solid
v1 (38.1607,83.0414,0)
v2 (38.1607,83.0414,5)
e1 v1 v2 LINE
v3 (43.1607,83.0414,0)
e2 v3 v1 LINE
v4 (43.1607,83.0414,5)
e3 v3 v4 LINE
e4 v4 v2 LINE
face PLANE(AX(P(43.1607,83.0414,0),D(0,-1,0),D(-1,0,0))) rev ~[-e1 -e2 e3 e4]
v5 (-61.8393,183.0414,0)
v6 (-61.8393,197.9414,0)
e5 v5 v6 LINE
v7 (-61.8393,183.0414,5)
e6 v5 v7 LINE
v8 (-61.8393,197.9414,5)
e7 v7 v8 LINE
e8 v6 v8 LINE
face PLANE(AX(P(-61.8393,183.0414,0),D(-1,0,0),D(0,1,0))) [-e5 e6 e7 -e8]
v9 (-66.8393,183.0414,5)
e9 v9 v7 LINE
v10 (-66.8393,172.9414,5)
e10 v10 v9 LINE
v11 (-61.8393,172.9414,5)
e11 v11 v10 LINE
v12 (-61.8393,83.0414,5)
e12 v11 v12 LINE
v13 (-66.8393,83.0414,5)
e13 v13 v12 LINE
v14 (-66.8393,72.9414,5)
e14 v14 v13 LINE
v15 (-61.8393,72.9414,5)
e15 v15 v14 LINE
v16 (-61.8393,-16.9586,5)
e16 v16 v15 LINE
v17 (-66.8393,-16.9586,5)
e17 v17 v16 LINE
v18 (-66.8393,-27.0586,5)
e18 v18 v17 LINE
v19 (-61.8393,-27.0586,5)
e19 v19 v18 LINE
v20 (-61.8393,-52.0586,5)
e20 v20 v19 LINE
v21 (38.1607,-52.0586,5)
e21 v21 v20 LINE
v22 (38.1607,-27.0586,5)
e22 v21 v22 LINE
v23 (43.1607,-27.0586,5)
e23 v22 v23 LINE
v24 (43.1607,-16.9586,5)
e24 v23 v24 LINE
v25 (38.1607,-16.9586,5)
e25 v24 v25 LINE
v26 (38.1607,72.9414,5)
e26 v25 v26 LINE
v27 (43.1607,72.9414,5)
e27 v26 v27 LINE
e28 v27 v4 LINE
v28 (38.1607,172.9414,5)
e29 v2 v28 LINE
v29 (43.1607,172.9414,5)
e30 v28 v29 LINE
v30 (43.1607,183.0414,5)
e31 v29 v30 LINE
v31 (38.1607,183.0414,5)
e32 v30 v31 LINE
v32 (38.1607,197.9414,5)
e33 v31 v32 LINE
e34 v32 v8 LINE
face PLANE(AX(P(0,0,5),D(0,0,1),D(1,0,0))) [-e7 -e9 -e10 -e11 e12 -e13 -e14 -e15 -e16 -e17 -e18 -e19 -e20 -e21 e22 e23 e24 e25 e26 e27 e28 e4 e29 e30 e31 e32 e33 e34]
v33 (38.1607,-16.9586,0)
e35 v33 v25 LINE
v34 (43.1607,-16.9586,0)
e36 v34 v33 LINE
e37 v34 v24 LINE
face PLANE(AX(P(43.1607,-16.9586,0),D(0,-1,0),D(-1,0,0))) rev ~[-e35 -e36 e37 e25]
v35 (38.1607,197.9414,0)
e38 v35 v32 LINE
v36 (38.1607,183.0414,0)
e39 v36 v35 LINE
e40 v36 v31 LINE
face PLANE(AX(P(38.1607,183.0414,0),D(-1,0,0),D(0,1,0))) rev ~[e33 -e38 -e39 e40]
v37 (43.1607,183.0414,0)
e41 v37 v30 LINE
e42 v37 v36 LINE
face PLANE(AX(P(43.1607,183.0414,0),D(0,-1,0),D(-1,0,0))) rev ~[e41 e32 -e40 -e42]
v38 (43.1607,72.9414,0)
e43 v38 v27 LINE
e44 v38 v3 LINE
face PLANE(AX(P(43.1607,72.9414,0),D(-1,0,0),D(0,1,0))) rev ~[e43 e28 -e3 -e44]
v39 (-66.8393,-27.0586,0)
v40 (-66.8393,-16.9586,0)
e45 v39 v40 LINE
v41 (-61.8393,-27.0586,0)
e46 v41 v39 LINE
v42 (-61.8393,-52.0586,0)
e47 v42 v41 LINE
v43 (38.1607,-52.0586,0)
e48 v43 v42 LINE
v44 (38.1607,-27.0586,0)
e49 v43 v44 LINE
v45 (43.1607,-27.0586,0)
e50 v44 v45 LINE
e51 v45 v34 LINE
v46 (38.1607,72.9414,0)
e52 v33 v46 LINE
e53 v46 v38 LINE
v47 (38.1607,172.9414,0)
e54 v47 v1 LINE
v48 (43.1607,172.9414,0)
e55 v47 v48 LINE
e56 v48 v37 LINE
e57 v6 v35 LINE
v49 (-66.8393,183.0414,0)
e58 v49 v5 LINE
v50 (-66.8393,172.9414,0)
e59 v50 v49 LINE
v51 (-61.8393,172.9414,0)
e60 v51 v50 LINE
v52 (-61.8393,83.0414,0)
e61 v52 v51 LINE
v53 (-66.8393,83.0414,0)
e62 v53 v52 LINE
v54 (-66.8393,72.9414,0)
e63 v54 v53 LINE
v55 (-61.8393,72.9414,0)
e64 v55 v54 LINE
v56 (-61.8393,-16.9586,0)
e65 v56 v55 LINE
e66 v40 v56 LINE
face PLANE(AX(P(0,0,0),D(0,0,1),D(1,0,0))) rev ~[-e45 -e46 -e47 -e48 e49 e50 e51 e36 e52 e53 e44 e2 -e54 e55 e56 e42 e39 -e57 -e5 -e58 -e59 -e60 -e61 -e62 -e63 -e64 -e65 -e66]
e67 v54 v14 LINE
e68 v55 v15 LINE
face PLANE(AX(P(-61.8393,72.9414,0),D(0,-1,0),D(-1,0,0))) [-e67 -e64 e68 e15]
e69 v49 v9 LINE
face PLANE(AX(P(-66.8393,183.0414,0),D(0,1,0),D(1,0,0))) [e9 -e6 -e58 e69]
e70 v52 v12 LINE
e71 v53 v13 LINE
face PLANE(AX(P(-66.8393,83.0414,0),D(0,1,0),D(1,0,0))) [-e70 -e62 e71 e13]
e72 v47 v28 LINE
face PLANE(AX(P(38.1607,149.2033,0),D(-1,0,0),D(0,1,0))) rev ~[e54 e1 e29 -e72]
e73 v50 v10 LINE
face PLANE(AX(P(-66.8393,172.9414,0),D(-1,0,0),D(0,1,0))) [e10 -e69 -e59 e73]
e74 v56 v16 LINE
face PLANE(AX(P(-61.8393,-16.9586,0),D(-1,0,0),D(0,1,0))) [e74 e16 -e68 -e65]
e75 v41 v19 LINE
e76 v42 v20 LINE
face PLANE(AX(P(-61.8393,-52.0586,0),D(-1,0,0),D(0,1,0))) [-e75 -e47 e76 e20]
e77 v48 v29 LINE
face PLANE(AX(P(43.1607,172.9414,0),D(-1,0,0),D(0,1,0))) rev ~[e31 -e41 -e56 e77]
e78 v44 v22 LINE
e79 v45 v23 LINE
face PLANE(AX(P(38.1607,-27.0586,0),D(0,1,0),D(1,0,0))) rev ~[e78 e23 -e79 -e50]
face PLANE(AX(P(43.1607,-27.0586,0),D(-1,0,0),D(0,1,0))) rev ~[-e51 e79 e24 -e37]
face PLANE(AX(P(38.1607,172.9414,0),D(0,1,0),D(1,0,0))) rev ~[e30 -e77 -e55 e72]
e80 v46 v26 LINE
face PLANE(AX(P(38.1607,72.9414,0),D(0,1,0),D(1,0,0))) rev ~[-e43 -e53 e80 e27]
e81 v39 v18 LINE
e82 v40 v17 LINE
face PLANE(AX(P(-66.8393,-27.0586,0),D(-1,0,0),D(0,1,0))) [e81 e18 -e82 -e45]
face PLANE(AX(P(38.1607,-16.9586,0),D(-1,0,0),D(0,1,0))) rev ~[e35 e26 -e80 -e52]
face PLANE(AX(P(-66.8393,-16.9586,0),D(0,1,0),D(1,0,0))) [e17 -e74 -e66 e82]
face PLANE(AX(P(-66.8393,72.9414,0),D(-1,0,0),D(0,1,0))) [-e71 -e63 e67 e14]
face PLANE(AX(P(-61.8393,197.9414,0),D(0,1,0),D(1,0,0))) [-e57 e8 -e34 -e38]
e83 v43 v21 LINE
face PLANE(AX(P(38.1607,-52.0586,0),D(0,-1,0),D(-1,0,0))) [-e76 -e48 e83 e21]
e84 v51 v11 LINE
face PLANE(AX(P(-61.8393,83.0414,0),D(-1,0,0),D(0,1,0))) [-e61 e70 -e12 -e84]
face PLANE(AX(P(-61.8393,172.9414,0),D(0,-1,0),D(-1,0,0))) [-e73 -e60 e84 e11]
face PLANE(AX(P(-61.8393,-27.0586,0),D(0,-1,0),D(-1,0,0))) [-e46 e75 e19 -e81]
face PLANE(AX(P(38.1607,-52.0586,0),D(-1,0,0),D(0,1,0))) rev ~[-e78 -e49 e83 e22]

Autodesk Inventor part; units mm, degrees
ref_plane "YZ Plane" through (0, 0, 0) normal (1, 0, 0) x (0, 1, 0)
ref_plane "XZ Plane" through (0, 0, 0) normal (0, 1, 0) x (-1, 0, 0)
ref_plane "XY Plane" through (0, 0, 0) normal (0, 0, 1) x (1, 0, 0)
sketch "Sketch1" plane through (0, 0, 0) normal (0, 0, 1) x (1, 0, 0)
  line L0 (-61.8393, -52.0586) -> (-61.8393, 197.9414)
  line L1 (-11.8393, -52.0586) -> (-11.8393, 197.9414) construction
  line L2 (38.1607, -52.0586) -> (38.1607, 145.9423)
  line L3 (38.1607, -52.0586) -> (-61.8393, -52.0586)
  line L4 (43.1607, 183.0414) -> (38.1607, 183.0414)
  line L5 (43.1607, 172.9414) -> (43.1607, 183.0414)
  line L6 (38.1607, 172.9414) -> (43.1607, 172.9414)
  line L7 (43.1607, -16.9586) -> (38.1607, -16.9586)
  line L8 (43.1607, -27.0586) -> (43.1607, -16.9586)
  line L9 (38.1607, -27.0586) -> (43.1607, -27.0586)
  line L10 (-61.8393, 83.0414) -> (-61.8393, 72.9414)
  line L11 (-61.8393, 72.9414) -> (38.1607, 72.9414) construction
  line L12 (38.1607, 72.9414) -> (43.1607, 72.9414)
  line L13 (38.1607, 72.9414) -> (43.1607, 72.9414)
  line L14 (43.1607, 72.9414) -> (43.1607, 83.0414)
  line L15 (43.1607, 72.9414) -> (43.1607, 83.0414)
  line L16 (43.1607, 83.0414) -> (38.1607, 83.0414)
  line L17 (43.1607, 83.0414) -> (38.1607, 83.0414)
  line L18 (38.1607, 145.9423) -> (38.1607, 197.9414)
  line L19 (38.1607, 197.9414) -> (38.1607, 147.9414)
  line L20 (38.1607, 147.9414) -> (-61.8393, 147.9414) construction
  line L21 (-66.8393, -27.0586) -> (-66.8393, -16.9586)
  line L22 (-66.8393, -16.9586) -> (-61.8393, -16.9586)
  line L23 (-61.8393, -27.0586) -> (-66.8393, -27.0586)
  line L24 (-66.8393, 83.0414) -> (-61.8393, 83.0414)
  line L25 (-66.8393, 72.9414) -> (-66.8393, 83.0414)
  line L26 (-61.8393, 72.9414) -> (-66.8393, 72.9414)
  line L27 (-66.8393, 172.9414) -> (-66.8393, 183.0414)
  line L28 (-66.8393, 183.0414) -> (-61.8393, 183.0414)
  line L29 (-61.8393, 172.9414) -> (-66.8393, 172.9414)
  line L30 (-61.8393, 197.9414) -> (38.1607, 197.9414)
  line L31 (38.1607, 197.9414) -> (28.1607, 197.9414)
  line L32 (38.1607, 149.2033) -> (38.1607, 197.9414)
  line L33 (-61.8393, 197.9414) -> (-51.8393, 197.9414)
  line L34 (-61.8393, 149.2728) -> (-61.8393, 197.9414)
  line L35 (-61.8393, 147.9414) -> (38.1607, 147.9414) construction
  line L36 (28.1607, 145.2728) -> (28.1607, 139.2728)
  line L37 (17.1607, 145.2728) -> (17.1607, 139.2728)
  line L38 (-40.8393, 145.2728) -> (-40.8393, 139.2728)
  line L39 (-51.8393, 145.2728) -> (-51.8393, 139.2728)
  line L40 (17.1607, 145.2728) -> (-40.8393, 145.2728) construction
  line L41 (17.1607, 139.2728) -> (-40.8393, 139.2728) construction
  line L42 (28.1607, 139.2728) -> (17.1607, 139.2728)
  line L43 (28.1607, 145.2728) -> (17.1607, 145.2728)
  line L44 (-40.8393, 145.2728) -> (-51.8393, 145.2728)
  line L45 (-40.8393, 139.2728) -> (-51.8393, 139.2728)
  line L46 (-51.8393, 139.2728) -> (-61.8393, 139.2728) construction
  line L47 (-51.8393, 145.2728) -> (-61.8393, 145.2728) construction
  dimension "d8" = 10
  dimension "d9" = 11
extrude "Extrusion1" add sketch "Sketch1" along normal blind 5 contours L0 L30 L18 L2 L3 | L23 L21 L22 L0 | L2 L7 L8 L9 | L26 L25 L24 L0 | L2 L16 L14 L12 | L29 L27 L28 L0 | L18 L4 L5 L6 | L36 L42 L37 L43 | L38 L45 L39 L44
properties part number "Lifting Sections all back"
